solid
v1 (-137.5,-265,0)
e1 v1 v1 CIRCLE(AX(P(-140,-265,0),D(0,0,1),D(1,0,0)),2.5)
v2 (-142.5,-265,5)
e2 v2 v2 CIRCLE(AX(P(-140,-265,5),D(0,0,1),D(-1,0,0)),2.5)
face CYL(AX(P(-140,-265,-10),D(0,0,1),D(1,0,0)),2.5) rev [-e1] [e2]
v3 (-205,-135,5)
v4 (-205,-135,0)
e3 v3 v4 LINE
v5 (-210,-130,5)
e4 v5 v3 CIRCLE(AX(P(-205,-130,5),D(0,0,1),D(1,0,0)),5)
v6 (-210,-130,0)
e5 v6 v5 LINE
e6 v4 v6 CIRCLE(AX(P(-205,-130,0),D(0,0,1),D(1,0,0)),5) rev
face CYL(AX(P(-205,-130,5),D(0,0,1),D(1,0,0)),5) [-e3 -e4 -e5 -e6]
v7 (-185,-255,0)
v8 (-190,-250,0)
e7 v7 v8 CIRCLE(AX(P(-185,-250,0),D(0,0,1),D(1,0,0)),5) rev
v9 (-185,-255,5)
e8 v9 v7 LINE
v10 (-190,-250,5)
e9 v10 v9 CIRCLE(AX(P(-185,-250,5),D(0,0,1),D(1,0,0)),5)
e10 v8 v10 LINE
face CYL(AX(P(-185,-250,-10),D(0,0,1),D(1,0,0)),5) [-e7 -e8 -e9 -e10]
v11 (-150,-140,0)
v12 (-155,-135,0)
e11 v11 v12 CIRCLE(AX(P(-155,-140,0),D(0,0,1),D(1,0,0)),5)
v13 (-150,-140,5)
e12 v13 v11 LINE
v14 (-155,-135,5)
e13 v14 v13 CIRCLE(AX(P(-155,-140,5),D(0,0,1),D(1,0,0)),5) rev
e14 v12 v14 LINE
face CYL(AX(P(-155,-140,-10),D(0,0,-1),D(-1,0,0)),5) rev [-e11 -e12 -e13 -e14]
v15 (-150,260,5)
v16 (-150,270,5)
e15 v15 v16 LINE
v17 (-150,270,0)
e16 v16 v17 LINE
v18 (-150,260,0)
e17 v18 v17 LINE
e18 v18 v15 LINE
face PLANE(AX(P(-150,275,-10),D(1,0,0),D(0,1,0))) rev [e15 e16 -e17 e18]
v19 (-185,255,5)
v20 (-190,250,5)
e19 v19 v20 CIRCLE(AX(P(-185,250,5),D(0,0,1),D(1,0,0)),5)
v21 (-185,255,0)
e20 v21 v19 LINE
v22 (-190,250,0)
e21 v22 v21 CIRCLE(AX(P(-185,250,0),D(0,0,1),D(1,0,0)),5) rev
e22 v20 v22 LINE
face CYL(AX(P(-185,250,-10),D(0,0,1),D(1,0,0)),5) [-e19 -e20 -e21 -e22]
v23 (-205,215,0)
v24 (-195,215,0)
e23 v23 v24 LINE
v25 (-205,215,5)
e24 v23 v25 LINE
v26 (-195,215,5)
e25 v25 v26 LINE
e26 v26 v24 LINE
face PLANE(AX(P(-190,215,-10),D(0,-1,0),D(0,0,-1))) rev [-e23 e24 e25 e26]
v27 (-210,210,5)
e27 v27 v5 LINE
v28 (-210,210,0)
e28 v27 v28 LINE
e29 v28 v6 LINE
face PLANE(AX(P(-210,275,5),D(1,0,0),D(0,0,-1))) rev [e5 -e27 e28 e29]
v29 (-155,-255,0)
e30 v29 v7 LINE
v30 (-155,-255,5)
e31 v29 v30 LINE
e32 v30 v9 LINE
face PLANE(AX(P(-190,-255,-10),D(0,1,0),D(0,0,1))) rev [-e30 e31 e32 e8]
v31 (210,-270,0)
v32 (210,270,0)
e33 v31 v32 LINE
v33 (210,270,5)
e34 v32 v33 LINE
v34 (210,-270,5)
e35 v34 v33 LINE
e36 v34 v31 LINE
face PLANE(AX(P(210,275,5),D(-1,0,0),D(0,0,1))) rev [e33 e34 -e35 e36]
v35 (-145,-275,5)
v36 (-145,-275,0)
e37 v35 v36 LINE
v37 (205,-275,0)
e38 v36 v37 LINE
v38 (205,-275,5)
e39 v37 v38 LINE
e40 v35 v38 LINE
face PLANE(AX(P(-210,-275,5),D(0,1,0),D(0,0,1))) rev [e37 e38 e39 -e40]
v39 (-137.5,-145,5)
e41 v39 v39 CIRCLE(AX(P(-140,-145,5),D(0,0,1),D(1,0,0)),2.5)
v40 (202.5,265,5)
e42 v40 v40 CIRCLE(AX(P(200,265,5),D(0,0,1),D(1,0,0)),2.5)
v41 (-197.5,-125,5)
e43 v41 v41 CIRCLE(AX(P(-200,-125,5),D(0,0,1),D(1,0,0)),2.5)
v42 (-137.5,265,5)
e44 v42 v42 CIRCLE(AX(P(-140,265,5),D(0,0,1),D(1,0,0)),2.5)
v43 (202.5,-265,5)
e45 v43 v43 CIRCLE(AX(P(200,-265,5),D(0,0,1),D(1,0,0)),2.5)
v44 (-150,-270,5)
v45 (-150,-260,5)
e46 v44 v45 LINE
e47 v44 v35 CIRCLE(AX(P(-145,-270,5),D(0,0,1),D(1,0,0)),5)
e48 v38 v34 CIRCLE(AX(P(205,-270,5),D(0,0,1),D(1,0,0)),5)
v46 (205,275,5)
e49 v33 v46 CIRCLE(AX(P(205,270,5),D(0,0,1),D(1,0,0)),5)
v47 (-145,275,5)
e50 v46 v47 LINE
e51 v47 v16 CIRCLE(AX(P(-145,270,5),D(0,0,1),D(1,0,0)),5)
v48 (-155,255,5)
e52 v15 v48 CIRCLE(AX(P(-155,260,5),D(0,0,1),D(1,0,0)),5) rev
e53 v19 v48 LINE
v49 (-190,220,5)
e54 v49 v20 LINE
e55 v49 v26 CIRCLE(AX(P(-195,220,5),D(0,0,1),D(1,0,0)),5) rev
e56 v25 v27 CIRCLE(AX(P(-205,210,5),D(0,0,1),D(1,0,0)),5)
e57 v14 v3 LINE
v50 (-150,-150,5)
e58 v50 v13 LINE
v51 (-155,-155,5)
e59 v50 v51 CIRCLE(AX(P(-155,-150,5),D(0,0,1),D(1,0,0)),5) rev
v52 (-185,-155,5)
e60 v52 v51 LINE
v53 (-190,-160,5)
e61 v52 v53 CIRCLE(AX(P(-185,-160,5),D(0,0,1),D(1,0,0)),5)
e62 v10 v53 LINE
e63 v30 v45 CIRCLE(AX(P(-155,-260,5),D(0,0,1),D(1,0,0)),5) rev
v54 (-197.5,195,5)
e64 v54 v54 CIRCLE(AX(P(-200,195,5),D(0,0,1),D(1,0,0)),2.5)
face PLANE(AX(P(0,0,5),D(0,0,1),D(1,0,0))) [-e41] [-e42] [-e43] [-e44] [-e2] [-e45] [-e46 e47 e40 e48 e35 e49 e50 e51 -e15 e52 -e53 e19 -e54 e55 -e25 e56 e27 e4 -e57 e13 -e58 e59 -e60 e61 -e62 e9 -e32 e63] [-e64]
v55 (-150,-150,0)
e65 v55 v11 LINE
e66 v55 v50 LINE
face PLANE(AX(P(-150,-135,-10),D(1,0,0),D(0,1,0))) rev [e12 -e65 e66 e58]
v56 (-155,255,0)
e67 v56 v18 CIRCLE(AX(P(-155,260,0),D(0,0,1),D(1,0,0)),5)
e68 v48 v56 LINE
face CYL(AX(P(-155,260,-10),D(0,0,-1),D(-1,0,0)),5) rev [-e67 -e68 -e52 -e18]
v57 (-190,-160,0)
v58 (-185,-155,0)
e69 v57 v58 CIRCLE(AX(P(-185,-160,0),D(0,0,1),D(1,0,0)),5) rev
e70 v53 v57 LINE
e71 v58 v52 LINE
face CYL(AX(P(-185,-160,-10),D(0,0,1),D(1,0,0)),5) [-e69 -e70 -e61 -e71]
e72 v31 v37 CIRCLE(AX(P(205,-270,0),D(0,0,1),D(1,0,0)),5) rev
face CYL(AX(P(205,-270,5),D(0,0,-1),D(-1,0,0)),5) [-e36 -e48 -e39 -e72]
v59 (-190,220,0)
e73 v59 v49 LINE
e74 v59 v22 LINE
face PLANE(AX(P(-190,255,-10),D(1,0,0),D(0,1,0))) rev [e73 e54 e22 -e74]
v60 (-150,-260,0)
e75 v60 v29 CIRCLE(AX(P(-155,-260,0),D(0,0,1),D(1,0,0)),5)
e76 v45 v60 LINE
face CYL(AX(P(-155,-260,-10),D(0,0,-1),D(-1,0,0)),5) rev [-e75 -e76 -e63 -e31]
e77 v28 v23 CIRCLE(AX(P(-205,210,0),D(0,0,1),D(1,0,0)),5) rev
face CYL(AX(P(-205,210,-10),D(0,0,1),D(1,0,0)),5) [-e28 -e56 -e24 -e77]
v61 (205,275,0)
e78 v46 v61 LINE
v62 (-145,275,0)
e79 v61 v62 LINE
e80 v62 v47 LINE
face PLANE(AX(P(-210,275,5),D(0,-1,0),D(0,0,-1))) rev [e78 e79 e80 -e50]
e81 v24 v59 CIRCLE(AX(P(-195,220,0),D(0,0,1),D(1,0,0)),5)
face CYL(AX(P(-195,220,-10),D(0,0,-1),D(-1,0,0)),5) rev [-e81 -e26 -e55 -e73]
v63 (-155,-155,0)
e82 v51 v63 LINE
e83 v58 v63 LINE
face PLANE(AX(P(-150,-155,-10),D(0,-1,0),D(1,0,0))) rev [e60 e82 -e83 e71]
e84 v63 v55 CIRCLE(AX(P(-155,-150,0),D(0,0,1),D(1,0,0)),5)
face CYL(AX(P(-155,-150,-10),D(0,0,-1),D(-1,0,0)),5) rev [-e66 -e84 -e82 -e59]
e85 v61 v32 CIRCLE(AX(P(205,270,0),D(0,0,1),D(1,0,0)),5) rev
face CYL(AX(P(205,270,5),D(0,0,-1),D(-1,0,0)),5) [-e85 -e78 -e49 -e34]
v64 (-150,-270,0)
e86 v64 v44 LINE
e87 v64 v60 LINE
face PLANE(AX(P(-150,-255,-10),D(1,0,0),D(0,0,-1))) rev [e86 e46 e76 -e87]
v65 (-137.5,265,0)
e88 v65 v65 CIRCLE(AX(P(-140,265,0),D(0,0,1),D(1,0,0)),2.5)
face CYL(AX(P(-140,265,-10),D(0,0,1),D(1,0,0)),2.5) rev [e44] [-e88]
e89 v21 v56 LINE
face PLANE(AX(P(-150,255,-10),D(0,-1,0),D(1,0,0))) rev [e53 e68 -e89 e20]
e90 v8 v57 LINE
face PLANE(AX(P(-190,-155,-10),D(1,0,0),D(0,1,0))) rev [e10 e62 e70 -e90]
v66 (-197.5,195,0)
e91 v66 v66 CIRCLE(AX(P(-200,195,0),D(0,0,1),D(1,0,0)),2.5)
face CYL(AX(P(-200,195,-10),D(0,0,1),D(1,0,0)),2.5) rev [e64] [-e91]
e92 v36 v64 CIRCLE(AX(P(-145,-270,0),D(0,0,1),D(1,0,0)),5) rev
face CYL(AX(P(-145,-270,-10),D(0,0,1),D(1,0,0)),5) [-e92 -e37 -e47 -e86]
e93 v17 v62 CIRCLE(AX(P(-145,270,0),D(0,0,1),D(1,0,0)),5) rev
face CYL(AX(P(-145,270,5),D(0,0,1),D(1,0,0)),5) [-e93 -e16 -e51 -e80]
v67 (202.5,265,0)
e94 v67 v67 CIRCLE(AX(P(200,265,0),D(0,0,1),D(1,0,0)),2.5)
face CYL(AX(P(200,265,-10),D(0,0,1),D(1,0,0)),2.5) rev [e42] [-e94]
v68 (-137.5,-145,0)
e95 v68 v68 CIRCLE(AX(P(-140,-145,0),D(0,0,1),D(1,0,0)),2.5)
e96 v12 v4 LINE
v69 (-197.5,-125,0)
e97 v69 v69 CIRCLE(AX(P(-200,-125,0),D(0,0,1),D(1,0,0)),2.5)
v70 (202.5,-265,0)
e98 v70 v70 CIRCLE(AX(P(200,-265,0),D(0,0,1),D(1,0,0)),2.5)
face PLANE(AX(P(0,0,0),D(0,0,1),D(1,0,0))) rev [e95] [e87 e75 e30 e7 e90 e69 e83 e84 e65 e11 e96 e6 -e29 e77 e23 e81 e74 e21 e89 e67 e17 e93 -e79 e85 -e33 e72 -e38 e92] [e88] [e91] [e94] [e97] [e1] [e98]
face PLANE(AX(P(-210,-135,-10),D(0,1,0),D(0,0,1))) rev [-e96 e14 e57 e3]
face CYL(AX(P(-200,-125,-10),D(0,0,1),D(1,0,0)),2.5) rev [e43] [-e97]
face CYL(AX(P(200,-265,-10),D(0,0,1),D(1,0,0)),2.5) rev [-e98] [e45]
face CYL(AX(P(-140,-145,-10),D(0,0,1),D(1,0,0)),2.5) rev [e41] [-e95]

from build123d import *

# Parameters (mm, degrees)
SKETCH_1_W          = 420
SKETCH_1_H          = 550
EXTRUDE_1_DEPTH     = 5
SKETCH_2_R          = 2.5
CUT_EXTRUDE_1_DEPTH = 15
FILLET_1_R          = 5


with BuildPart() as part:
    # 草图1 → 凸台-拉伸1 (new body)
    with BuildSketch(Plane.XY):
        Rectangle(SKETCH_1_W, SKETCH_1_H)
    extrude(amount=EXTRUDE_1_DEPTH)

    # 草图2 → 切除-拉伸1 (cut)
    with BuildSketch(Plane.XY.offset(5)):
        with Locations((-200, 195)):
            Circle(SKETCH_2_R)
        with Locations((-140, 265)):
            Circle(SKETCH_2_R)
        with Locations((-140, -265)):
            Circle(SKETCH_2_R)
        with Locations((-140, -145)):
            Circle(SKETCH_2_R)
        with Locations((-200, -125)):
            Circle(SKETCH_2_R)
        with Locations((200, 265)):
            Circle(SKETCH_2_R)
        with Locations((200, -265)):
            Circle(SKETCH_2_R)
        Polygon((-190, 255), (-190, 215), (-210, 215), (-210, 275), (-150, 275), (-150, 255), align=None)
        Polygon((-190, -255), (-150, -255), (-150, -275), (-210, -275), (-210, -135), (-150, -135), (-150, -155), (-190, -155), align=None)
    extrude(amount=-CUT_EXTRUDE_1_DEPTH, mode=Mode.SUBTRACT)

    # 圆角1
    fillet_1_edges = [part.edges().sort_by_distance(p)[0] for p in [
        (-210, -135, 2.5),
        (-150, -135, 2.5),
        (-150, -155, 2.5),
        (-190, -155, 2.5),
        (-190, -255, 2.5),
        (-150, -255, 2.5),
        (-150, -275, 2.5),
        (-150, 275, 2.5),
        (-150, 255, 2.5),
        (-190, 255, 2.5),
        (-190, 215, 2.5),
        (-210, 215, 2.5),
        (210, -275, 2.5),
        (210, 275, 2.5),
    ]]
    fillet(fillet_1_edges, radius=FILLET_1_R)


solid = part.part
